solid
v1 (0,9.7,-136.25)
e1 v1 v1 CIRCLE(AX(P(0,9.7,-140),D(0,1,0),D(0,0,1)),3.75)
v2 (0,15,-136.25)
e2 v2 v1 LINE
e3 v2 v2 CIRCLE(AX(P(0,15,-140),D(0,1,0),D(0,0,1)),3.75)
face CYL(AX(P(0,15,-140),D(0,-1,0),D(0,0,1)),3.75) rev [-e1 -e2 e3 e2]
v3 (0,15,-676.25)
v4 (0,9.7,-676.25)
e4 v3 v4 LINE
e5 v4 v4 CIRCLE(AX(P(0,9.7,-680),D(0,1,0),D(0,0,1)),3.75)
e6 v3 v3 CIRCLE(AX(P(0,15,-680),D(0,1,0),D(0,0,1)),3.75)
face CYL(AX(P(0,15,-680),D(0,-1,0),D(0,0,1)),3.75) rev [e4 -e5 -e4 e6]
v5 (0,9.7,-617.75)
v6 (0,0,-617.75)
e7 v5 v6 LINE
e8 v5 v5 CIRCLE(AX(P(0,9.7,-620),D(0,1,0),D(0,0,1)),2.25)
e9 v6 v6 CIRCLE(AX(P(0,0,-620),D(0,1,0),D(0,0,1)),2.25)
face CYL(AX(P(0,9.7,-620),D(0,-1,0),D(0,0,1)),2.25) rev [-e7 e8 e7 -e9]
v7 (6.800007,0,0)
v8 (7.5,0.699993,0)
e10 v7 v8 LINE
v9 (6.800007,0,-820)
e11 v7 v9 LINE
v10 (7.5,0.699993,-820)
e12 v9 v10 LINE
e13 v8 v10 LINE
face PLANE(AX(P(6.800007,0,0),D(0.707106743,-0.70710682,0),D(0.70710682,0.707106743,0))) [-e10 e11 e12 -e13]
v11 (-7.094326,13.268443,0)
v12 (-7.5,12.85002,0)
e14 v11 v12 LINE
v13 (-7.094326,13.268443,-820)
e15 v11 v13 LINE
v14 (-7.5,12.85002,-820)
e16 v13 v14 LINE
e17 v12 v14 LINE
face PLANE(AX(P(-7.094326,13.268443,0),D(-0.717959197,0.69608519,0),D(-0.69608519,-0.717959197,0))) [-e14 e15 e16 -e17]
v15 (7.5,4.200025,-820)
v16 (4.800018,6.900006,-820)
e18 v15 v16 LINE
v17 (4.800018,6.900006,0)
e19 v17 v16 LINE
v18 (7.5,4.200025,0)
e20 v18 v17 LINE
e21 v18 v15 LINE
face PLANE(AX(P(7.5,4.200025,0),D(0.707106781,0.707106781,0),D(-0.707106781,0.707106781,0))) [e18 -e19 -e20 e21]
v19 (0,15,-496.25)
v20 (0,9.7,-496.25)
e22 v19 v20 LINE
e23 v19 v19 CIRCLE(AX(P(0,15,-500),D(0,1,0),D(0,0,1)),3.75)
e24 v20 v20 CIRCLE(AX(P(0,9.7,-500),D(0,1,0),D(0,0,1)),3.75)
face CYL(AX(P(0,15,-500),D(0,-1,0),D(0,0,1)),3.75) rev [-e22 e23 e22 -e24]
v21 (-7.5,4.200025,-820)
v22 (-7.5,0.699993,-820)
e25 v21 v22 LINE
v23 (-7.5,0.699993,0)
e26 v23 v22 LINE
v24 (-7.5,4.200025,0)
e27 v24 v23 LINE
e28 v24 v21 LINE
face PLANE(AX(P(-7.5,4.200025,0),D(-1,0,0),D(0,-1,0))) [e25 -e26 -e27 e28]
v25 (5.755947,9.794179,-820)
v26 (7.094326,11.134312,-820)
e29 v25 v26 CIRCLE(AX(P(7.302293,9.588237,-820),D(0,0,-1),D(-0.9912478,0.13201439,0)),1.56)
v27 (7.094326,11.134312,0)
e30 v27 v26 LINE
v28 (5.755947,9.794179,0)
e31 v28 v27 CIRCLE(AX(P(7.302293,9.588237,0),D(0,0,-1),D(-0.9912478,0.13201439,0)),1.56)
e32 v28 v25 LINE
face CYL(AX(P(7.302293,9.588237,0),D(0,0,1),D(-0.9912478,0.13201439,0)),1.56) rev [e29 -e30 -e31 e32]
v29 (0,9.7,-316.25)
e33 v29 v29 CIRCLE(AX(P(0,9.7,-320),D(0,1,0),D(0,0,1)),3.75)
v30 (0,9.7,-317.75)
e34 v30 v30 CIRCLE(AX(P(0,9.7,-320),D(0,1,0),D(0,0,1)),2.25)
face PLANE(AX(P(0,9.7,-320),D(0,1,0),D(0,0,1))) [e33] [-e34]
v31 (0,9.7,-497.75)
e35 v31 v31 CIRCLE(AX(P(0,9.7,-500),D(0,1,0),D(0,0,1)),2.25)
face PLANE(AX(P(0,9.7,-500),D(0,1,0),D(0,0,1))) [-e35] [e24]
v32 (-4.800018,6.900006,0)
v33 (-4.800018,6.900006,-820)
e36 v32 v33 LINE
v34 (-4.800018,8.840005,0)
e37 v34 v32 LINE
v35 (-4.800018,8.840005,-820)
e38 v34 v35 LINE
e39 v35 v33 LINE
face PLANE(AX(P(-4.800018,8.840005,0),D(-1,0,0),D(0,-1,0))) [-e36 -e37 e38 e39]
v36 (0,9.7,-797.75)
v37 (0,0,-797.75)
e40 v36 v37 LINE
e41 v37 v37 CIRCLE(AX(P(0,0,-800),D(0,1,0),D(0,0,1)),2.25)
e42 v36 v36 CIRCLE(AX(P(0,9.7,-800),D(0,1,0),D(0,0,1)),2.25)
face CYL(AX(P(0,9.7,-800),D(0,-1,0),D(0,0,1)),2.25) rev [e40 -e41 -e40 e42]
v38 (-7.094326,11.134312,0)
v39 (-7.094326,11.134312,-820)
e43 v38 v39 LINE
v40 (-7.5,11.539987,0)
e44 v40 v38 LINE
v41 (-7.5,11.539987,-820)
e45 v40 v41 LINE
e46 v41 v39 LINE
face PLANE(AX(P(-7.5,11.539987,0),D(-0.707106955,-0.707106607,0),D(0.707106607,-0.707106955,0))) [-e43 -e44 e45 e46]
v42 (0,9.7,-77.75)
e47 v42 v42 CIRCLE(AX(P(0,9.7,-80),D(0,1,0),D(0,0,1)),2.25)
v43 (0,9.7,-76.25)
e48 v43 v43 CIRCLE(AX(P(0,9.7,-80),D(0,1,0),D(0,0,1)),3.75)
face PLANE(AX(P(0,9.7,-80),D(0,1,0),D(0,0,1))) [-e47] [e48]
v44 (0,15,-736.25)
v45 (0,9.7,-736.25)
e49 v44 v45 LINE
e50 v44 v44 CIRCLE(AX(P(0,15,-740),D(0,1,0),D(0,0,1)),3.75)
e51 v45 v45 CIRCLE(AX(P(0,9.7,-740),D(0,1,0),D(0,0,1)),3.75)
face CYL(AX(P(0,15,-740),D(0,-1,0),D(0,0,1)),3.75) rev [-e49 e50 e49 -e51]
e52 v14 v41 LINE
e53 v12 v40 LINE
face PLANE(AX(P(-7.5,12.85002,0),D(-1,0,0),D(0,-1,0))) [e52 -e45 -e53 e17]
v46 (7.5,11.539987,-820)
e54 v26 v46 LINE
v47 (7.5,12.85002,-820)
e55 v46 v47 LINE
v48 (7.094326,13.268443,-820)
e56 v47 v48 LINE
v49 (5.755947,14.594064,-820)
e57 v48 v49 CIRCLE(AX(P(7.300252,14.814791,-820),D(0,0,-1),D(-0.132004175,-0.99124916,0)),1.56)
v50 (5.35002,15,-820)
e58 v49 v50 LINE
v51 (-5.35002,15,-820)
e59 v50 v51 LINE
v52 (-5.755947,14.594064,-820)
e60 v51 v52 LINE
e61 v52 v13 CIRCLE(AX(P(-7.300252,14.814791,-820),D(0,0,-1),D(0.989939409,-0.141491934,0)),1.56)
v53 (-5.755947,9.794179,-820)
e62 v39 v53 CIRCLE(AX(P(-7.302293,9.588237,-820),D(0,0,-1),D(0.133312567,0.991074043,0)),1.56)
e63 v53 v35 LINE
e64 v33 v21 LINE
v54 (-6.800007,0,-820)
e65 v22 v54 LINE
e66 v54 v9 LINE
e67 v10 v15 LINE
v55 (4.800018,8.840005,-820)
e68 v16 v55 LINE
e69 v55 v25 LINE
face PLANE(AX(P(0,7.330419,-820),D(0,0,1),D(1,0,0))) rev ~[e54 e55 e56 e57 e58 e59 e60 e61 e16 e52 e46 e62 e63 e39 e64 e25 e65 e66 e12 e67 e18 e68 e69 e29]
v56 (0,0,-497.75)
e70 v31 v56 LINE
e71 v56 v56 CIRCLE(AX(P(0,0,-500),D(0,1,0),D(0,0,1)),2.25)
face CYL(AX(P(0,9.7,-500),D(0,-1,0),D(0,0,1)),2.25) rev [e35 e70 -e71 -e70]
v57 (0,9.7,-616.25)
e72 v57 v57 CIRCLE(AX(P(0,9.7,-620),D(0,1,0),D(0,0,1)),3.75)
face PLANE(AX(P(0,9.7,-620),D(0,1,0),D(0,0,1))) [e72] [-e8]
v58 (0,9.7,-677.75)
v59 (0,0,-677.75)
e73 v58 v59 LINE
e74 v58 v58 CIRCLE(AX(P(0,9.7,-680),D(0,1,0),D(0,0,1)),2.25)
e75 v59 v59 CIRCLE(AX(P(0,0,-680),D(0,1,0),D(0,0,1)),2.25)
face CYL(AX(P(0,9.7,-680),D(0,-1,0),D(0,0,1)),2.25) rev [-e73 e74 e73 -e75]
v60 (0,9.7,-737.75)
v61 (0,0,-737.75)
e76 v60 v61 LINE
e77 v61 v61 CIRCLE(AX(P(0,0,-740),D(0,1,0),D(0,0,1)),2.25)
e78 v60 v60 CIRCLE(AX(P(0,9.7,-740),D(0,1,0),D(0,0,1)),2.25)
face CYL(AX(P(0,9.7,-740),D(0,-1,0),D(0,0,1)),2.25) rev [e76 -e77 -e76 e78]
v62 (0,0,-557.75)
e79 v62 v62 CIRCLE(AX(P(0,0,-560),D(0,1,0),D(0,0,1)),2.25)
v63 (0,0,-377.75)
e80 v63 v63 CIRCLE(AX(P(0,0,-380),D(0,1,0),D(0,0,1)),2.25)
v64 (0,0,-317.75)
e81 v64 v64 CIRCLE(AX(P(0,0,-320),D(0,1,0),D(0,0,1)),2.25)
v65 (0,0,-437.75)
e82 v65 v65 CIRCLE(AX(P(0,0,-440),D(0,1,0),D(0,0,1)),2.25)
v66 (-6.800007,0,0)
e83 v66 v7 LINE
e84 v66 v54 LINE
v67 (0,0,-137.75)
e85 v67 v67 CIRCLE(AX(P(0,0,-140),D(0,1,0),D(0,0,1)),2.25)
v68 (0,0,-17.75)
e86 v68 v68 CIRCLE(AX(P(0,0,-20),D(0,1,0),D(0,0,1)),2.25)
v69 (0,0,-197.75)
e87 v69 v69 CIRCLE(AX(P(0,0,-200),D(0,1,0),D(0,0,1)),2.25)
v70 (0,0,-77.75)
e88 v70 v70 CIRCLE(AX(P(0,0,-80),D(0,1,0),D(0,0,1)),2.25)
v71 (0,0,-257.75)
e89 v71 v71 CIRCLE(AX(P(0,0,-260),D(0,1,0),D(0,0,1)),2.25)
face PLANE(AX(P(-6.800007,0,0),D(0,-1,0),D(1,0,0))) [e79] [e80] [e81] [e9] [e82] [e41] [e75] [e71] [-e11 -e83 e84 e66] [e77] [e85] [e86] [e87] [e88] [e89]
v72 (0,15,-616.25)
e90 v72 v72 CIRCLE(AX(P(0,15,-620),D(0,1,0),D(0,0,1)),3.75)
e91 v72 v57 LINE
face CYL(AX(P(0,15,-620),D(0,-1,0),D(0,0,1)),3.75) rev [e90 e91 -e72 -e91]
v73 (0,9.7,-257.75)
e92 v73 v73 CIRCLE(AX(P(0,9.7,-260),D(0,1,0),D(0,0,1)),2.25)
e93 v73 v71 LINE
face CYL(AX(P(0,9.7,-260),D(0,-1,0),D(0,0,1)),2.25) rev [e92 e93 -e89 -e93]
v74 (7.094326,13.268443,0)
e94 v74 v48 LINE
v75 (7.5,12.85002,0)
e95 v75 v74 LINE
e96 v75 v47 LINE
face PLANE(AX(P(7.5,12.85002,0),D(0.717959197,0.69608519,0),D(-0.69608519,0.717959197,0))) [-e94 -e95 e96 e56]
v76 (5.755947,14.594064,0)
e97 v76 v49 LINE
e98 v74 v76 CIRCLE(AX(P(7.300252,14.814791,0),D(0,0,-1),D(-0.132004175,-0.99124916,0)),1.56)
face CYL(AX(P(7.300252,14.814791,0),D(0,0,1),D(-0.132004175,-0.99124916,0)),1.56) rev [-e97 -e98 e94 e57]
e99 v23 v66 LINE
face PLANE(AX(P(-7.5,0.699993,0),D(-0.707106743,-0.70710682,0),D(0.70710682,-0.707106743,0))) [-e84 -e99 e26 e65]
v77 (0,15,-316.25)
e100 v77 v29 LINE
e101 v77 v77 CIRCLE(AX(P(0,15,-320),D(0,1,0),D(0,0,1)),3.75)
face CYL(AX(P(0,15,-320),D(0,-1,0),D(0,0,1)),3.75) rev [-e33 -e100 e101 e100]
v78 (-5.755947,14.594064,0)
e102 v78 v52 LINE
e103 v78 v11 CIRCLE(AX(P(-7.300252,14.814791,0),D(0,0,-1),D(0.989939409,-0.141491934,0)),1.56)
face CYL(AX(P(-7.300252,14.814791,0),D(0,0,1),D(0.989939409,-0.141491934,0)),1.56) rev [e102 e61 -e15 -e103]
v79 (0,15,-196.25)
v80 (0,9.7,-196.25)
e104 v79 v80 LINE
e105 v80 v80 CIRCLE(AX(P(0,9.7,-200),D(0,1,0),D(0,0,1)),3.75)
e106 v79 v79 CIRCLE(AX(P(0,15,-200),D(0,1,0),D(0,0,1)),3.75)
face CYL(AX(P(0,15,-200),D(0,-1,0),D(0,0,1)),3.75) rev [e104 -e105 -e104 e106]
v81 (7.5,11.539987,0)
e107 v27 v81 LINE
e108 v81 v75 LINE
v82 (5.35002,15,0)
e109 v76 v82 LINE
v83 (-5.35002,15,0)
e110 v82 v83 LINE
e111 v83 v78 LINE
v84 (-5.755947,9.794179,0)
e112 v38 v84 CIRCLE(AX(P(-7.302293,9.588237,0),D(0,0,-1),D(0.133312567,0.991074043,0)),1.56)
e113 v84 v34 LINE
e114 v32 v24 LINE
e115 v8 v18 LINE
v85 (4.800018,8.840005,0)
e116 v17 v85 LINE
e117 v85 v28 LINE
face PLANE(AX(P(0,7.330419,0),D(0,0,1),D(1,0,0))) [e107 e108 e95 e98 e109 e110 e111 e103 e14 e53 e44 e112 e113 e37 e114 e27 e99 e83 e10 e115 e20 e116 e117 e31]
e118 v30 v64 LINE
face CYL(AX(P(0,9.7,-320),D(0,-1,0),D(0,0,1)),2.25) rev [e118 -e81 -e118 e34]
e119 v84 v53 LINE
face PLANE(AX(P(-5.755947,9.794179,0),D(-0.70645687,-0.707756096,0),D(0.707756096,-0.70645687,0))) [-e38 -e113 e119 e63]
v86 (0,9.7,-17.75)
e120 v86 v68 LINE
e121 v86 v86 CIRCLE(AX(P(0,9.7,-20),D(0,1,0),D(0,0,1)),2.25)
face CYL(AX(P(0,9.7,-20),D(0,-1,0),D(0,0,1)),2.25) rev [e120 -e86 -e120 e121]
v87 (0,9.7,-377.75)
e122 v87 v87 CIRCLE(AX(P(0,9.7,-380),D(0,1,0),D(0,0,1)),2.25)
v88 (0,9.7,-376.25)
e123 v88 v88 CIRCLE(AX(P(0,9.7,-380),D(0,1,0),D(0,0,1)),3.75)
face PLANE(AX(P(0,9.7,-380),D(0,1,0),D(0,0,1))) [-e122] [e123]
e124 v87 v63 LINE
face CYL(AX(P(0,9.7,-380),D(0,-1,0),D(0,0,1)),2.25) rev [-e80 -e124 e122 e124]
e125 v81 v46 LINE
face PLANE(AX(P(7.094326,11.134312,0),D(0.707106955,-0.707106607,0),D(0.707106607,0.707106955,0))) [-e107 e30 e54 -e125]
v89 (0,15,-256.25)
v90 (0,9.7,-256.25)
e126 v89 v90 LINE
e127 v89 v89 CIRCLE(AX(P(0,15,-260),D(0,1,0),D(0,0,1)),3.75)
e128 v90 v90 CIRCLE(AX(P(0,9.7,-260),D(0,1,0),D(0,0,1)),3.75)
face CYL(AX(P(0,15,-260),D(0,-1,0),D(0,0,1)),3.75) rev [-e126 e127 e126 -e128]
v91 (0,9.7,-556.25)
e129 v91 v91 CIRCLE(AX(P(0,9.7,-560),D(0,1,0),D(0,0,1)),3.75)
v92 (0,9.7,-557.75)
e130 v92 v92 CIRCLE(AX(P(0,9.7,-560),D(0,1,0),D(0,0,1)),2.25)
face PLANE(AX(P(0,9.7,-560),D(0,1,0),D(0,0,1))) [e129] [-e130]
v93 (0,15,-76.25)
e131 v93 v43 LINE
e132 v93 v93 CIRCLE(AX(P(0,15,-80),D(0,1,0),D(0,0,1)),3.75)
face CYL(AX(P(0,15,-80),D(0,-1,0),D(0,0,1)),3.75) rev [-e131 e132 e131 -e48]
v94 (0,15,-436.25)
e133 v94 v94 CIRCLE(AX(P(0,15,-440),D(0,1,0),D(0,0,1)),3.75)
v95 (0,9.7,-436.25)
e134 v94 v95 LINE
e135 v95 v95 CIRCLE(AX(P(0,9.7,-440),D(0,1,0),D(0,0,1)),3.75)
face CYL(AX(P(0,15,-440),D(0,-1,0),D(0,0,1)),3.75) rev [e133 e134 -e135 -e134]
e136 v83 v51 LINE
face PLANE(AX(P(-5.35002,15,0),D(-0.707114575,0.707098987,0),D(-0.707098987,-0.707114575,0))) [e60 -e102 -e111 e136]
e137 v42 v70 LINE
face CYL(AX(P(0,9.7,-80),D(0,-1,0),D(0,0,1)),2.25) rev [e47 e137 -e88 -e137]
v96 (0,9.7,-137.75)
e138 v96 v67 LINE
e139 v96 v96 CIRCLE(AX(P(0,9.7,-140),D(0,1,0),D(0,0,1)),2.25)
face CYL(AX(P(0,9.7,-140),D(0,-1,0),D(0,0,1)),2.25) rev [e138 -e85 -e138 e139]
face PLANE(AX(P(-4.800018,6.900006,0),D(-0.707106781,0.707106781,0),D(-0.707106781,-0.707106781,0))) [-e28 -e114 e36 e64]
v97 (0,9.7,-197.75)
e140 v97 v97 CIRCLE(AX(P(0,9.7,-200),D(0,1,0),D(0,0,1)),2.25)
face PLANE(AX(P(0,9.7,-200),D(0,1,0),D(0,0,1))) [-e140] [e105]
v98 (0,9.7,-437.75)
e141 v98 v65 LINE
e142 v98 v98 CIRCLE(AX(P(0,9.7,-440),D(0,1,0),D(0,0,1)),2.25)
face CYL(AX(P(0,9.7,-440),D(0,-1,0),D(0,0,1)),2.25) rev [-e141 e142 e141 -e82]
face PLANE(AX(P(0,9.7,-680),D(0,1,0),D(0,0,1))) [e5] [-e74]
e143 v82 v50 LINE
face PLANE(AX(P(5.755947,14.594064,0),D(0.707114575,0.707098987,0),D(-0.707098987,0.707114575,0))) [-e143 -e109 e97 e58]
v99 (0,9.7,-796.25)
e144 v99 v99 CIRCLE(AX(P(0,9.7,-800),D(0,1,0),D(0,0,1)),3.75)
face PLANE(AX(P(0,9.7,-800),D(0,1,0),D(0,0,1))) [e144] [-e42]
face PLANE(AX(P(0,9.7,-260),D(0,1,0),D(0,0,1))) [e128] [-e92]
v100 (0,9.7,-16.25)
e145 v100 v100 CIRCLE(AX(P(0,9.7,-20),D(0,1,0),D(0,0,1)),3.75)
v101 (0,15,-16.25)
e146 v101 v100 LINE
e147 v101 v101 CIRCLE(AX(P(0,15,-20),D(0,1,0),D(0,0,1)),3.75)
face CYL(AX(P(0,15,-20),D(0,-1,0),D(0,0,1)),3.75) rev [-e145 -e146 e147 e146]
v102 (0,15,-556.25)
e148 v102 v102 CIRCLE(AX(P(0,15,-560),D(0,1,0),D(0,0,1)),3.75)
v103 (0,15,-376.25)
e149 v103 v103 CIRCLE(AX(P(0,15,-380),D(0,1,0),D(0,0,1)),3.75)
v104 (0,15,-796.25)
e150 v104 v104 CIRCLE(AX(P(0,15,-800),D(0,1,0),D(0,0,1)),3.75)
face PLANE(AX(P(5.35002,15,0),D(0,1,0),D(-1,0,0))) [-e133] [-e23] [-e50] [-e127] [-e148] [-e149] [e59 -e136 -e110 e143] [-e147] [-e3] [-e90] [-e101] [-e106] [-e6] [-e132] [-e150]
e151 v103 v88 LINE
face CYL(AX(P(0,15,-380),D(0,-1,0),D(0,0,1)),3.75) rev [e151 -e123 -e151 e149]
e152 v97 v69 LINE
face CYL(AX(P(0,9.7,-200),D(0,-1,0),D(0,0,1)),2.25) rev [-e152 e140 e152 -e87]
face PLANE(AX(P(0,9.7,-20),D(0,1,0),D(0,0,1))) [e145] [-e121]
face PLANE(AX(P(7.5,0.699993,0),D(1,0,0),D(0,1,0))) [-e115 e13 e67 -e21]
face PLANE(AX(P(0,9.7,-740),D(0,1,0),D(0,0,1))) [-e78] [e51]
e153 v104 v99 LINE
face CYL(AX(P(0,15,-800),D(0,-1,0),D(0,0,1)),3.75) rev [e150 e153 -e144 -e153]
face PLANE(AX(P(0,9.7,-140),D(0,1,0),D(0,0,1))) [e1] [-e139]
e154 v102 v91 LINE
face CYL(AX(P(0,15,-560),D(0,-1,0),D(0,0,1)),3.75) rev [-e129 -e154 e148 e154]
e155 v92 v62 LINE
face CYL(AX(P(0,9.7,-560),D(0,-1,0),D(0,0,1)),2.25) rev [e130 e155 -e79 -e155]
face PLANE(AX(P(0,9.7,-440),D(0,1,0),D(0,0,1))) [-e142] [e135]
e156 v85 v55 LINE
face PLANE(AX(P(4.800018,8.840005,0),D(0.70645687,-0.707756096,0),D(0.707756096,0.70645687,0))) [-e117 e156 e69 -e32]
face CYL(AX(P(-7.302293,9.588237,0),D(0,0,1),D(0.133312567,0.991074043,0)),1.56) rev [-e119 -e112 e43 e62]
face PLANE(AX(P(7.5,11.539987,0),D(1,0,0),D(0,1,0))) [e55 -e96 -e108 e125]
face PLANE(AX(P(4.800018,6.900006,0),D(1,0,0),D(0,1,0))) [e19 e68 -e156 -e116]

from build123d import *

# Parameters (mm, degrees)
EXTRUDE1_DEPTH  = 820
LPATTERN1_COUNT = 14
LPATTERN1_PITCH = 60


with BuildPart() as part:
    # Sketch1 → Extrude1 (new body)
    with BuildSketch(Plane(origin=(-20, 0, 0), x_dir=(1, 0, 0), z_dir=(0, 0, 1))):
        with BuildLine():
            Line((12.5, 0.69999271), (13.199992786, 0))
            Line((13.199992786, 0), (26.800007214, 0))
            Line((26.800007214, 0), (27.5, 0.69999271))
            Line((27.5, 0.69999271), (27.5, 4.2000246))
            Line((27.5, 4.2000246), (24.8000183, 6.9000063))
            Line((24.8000183, 6.9000063), (24.8000183, 8.8400054))
            Line((24.8000183, 8.8400054), (25.755946813, 9.794179118))
            ThreePointArc((25.755946813, 9.794179118), (26.198484624, 10.690600567), (27.09432569, 11.13431209))
            Line((27.09432569, 11.13431209), (27.5, 11.5399866))
            Line((27.5, 11.5399866), (27.5, 12.8500204))
            Line((27.5, 12.8500204), (27.09432569, 13.268442751))
            ThreePointArc((27.09432569, 13.268442751), (26.202460867, 13.706434947), (25.755946813, 14.594063938))
            Line((25.755946813, 14.594063938), (25.3500197, 15))
            Line((25.3500197, 15), (14.6499803, 15))
            Line((14.6499803, 15), (14.244053187, 14.594063938))
            ThreePointArc((14.244053187, 14.594063938), (13.797539133, 13.706434947), (12.90567431, 13.268442751))
            Line((12.90567431, 13.268442751), (12.5, 12.8500204))
            Line((12.5, 12.8500204), (12.5, 11.5399866))
            Line((12.5, 11.5399866), (12.90567431, 11.13431209))
            ThreePointArc((12.90567431, 11.13431209), (13.801515376, 10.690600567), (14.244053187, 9.794179118))
            Line((14.244053187, 9.794179118), (15.1999817, 8.8400054))
            Line((15.1999817, 8.8400054), (15.1999817, 6.9000063))
            Line((15.1999817, 6.9000063), (12.5, 4.2000246))
            Line((12.5, 4.2000246), (12.5, 0.69999271))
        make_face()
    extrude(amount=-EXTRUDE1_DEPTH)

    # Sketch2 → Cut-Revolve1 (revolve, cut)
    with BuildSketch(Plane(origin=(0, 0, 0), x_dir=(0, 0, -1), z_dir=(1, 0, 0))):
        Polygon((20, 15), (23.75, 15), (23.75, 9.7), (22.25, 9.7), (22.25, 0), (20, 0), align=None)
    cut_revolve1 = revolve(axis=Axis((0, 0, -20), (0, 1, 0)), mode=Mode.SUBTRACT)

    # LPattern1: Cut-Revolve1 ×14
    with Locations(*[(0, 0, -i * LPATTERN1_PITCH) for i in range(1, LPATTERN1_COUNT)]):
        add(cut_revolve1, mode=Mode.SUBTRACT)


solid = part.part
